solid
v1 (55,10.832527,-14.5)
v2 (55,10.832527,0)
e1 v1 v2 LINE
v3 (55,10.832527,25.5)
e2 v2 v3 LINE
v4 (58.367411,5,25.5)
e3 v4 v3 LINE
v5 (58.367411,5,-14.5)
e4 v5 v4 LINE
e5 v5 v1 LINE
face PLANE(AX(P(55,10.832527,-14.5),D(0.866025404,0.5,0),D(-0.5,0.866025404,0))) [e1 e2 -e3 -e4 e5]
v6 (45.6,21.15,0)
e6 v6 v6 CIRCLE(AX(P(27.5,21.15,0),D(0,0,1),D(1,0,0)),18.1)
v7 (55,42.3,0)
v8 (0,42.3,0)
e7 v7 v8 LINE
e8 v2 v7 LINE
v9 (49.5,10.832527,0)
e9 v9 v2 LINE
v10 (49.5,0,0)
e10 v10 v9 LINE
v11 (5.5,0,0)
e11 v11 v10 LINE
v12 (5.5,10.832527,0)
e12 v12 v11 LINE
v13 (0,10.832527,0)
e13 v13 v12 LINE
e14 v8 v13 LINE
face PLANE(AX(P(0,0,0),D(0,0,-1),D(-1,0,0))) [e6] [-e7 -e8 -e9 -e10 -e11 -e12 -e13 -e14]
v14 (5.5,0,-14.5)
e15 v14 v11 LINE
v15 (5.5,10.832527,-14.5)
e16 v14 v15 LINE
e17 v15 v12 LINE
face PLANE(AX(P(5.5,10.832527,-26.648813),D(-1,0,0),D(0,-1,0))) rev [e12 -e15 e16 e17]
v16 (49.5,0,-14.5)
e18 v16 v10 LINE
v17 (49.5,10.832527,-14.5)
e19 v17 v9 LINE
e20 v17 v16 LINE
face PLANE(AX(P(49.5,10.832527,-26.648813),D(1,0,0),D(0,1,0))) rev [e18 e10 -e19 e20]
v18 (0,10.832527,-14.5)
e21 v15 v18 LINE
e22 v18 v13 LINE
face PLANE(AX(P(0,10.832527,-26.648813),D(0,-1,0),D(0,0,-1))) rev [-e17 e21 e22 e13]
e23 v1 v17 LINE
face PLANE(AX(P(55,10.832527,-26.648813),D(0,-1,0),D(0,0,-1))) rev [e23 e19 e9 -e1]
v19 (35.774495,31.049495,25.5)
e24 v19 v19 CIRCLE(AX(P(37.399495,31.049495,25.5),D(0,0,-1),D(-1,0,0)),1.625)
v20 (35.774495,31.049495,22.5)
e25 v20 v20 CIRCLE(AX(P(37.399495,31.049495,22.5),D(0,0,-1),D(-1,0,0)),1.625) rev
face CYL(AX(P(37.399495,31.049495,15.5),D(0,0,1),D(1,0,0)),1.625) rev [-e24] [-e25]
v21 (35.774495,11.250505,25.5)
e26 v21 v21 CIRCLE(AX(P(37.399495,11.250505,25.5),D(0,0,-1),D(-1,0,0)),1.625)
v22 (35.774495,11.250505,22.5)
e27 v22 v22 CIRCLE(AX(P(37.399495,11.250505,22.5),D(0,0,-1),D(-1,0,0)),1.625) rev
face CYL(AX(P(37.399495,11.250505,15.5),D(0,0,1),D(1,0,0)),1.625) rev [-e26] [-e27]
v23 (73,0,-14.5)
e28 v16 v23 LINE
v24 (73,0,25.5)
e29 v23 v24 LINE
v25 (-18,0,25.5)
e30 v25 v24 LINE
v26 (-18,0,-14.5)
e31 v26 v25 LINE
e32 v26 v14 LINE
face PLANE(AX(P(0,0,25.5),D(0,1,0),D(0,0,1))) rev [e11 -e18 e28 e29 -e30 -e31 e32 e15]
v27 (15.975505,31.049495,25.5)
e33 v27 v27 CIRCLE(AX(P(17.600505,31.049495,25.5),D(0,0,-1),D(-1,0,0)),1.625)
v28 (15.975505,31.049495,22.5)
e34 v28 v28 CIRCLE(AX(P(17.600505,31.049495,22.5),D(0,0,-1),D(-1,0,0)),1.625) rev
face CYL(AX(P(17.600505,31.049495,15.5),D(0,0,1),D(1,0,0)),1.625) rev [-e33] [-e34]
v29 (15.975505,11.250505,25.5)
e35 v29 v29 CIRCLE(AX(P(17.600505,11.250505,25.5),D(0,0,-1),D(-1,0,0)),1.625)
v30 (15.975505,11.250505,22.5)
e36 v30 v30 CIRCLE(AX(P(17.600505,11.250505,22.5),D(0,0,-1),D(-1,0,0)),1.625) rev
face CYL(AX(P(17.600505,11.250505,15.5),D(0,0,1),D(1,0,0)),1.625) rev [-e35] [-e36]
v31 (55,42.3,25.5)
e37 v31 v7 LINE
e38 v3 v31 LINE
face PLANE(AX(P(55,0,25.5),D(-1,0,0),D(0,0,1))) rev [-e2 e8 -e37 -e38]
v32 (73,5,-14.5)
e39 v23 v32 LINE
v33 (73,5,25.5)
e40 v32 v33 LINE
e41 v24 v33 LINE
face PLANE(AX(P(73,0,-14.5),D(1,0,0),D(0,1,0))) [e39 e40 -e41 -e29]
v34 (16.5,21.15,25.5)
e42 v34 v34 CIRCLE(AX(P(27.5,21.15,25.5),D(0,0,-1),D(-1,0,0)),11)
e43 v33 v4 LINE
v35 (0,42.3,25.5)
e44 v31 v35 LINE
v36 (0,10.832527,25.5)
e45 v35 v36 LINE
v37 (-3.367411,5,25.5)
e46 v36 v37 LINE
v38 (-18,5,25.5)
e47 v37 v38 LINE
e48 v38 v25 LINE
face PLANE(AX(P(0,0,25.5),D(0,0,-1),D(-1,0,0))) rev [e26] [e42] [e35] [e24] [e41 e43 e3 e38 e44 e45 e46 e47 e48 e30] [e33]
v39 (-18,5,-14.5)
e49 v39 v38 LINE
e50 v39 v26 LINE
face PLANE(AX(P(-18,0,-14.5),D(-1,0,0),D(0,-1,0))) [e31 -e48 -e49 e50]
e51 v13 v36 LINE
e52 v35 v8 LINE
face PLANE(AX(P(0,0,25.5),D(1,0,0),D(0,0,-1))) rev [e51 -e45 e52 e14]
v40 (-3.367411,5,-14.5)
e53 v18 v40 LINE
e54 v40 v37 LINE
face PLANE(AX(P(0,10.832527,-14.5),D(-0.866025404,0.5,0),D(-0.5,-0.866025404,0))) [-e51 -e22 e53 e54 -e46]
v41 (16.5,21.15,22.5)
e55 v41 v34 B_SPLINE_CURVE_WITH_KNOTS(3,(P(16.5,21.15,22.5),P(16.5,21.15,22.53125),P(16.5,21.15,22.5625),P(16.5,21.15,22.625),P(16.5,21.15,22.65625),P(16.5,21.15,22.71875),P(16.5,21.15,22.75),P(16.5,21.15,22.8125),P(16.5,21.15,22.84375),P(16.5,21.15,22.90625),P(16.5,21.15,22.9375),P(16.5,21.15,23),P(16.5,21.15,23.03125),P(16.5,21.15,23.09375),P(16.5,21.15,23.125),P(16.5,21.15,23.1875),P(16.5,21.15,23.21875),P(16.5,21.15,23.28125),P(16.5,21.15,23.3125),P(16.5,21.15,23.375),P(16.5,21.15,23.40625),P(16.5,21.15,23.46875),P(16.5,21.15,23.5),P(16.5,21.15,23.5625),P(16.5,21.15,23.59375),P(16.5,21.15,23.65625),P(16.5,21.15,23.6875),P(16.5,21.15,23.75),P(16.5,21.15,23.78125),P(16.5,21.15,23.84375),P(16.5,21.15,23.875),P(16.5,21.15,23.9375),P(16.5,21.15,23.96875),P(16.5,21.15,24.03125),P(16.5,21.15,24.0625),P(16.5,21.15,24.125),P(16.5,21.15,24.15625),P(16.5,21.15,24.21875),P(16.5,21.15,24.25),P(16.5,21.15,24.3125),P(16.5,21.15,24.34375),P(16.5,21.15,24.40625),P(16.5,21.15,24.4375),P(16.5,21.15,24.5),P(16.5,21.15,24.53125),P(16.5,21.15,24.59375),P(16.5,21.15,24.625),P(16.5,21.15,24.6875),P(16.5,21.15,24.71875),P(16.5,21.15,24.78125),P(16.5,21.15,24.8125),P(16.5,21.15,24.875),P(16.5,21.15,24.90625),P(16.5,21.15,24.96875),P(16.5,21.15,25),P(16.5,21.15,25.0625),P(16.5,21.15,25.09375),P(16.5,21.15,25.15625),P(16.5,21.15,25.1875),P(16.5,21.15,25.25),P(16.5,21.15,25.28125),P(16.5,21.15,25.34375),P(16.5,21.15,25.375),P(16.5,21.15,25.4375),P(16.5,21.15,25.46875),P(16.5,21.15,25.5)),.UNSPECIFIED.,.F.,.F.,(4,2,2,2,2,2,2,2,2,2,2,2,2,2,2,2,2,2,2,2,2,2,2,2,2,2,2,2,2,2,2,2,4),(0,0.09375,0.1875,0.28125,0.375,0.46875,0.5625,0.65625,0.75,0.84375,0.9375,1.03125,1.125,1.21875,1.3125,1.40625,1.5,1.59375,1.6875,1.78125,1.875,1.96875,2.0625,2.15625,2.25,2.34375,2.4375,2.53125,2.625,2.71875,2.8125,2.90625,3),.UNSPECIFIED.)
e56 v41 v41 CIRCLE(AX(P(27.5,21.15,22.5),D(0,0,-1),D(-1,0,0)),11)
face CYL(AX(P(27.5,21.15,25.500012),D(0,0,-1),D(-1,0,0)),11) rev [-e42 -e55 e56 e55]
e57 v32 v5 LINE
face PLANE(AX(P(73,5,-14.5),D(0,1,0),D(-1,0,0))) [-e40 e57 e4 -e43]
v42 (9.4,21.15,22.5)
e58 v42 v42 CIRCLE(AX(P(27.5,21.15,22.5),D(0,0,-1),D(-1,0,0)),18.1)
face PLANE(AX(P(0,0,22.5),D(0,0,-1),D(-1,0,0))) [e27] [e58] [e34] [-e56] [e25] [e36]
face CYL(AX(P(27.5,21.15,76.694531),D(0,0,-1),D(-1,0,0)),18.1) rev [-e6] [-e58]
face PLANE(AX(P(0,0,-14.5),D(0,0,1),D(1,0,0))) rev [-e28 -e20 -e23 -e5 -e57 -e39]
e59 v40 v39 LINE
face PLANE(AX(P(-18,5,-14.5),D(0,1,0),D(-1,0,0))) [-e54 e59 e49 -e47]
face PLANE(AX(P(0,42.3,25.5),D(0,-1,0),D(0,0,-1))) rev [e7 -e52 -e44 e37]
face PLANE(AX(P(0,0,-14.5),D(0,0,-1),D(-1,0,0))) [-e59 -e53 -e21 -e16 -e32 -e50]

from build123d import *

# Parameters (mm, degrees)
ESQUISSE1_W                  = 55
ESQUISSE1_H                  = 42.3
BOSS_EXTRU_1_DEPTH           = 25.5
ESQUISSE4_R                  = 18.1
ENL_V_MAT_EXTRU_3_DEPTH      = 22.5
ENL_V_MAT_EXTRU_4_DEPTH      = 62.713369702
ENL_V_MAT_EXTRU_4_DEPTH_BACK = 62.713369702
ESQUISSE5_R                  = 11
ESQUISSE6_R                  = 1.625
ENL_V_MAT_EXTRU_5_DEPTH      = 10
BOSS_EXTRU_2_DEPTH           = 40
ESQUISSE16_W                 = 5.5
ESQUISSE16_H                 = 10.832527472
BOSS_EXTRU_4_DEPTH           = 14.5


with BuildPart() as part:
    # Esquisse1 → Boss.-Extru.1 (new body)
    with BuildSketch(Plane.XY):
        with Locations((27.5, 21.15)):
            Rectangle(ESQUISSE1_W, ESQUISSE1_H)
    extrude(amount=BOSS_EXTRU_1_DEPTH)

    # Esquisse4 → Enlèv. mat.-Extru.3 (cut)
    with BuildSketch(Plane.XY):
        with Locations(Location((27.5, 21.15, 0), (0, 0, 180))):
            Circle(ESQUISSE4_R)
    extrude(amount=ENL_V_MAT_EXTRU_3_DEPTH, mode=Mode.SUBTRACT)

    # Esquisse5 → Enlèv. mat.-Extru.4 (cut, two sides: drawn at the far end of the back side and taken through both)
    with BuildSketch(Plane(origin=(37, 0, 25.5), x_dir=(-1, 0, 0), z_dir=(0, 0, -1)).offset(-ENL_V_MAT_EXTRU_4_DEPTH_BACK)):
        with Locations((9.5, 21.15)):
            Circle(ESQUISSE5_R)
    extrude(amount=ENL_V_MAT_EXTRU_4_DEPTH + ENL_V_MAT_EXTRU_4_DEPTH_BACK, mode=Mode.SUBTRACT)

    # Esquisse6 → Enlèv. mat.-Extru.5 (cut)
    with BuildSketch(Plane(origin=(0, 0, 25.5), x_dir=(-1, 0, 0), z_dir=(0, 0, -1))):
        with Locations((-37.399494937, 31.049494937)):
            Circle(ESQUISSE6_R)
        with Locations((-17.600505063, 31.049494937)):
            Circle(ESQUISSE6_R)
        with Locations((-17.600505063, 11.250505063)):
            Circle(ESQUISSE6_R)
        with Locations((-37.399494937, 11.250505063)):
            Circle(ESQUISSE6_R)
    extrude(amount=ENL_V_MAT_EXTRU_5_DEPTH, mode=Mode.SUBTRACT)

    # Esquisse7 → Boss.-Extru.2 (add)
    with BuildSketch(Plane.XY.offset(25.5)):
        Polygon((55, 0), (73, 0), (73, 5), (58.367411306, 5), (55, 10.832527472), align=None)
        Polygon((-18, 0), (-18, 5), (-3.367411306, 5), (0, 10.832527472), (0, 0), align=None)
    extrude(amount=-BOSS_EXTRU_2_DEPTH)

    # Esquisse16 → Boss.-Extru.4 (add)
    with BuildSketch(Plane(origin=(0, 0, 0), x_dir=(-1, 0, 0), z_dir=(0, 0, -1))):
        with Locations((-2.75, 5.416263736)):
            Rectangle(ESQUISSE16_W, ESQUISSE16_H)
        with Locations((-52.25, 5.416263736)):
            Rectangle(ESQUISSE16_W, ESQUISSE16_H)
    extrude(amount=BOSS_EXTRU_4_DEPTH)


solid = part.part
